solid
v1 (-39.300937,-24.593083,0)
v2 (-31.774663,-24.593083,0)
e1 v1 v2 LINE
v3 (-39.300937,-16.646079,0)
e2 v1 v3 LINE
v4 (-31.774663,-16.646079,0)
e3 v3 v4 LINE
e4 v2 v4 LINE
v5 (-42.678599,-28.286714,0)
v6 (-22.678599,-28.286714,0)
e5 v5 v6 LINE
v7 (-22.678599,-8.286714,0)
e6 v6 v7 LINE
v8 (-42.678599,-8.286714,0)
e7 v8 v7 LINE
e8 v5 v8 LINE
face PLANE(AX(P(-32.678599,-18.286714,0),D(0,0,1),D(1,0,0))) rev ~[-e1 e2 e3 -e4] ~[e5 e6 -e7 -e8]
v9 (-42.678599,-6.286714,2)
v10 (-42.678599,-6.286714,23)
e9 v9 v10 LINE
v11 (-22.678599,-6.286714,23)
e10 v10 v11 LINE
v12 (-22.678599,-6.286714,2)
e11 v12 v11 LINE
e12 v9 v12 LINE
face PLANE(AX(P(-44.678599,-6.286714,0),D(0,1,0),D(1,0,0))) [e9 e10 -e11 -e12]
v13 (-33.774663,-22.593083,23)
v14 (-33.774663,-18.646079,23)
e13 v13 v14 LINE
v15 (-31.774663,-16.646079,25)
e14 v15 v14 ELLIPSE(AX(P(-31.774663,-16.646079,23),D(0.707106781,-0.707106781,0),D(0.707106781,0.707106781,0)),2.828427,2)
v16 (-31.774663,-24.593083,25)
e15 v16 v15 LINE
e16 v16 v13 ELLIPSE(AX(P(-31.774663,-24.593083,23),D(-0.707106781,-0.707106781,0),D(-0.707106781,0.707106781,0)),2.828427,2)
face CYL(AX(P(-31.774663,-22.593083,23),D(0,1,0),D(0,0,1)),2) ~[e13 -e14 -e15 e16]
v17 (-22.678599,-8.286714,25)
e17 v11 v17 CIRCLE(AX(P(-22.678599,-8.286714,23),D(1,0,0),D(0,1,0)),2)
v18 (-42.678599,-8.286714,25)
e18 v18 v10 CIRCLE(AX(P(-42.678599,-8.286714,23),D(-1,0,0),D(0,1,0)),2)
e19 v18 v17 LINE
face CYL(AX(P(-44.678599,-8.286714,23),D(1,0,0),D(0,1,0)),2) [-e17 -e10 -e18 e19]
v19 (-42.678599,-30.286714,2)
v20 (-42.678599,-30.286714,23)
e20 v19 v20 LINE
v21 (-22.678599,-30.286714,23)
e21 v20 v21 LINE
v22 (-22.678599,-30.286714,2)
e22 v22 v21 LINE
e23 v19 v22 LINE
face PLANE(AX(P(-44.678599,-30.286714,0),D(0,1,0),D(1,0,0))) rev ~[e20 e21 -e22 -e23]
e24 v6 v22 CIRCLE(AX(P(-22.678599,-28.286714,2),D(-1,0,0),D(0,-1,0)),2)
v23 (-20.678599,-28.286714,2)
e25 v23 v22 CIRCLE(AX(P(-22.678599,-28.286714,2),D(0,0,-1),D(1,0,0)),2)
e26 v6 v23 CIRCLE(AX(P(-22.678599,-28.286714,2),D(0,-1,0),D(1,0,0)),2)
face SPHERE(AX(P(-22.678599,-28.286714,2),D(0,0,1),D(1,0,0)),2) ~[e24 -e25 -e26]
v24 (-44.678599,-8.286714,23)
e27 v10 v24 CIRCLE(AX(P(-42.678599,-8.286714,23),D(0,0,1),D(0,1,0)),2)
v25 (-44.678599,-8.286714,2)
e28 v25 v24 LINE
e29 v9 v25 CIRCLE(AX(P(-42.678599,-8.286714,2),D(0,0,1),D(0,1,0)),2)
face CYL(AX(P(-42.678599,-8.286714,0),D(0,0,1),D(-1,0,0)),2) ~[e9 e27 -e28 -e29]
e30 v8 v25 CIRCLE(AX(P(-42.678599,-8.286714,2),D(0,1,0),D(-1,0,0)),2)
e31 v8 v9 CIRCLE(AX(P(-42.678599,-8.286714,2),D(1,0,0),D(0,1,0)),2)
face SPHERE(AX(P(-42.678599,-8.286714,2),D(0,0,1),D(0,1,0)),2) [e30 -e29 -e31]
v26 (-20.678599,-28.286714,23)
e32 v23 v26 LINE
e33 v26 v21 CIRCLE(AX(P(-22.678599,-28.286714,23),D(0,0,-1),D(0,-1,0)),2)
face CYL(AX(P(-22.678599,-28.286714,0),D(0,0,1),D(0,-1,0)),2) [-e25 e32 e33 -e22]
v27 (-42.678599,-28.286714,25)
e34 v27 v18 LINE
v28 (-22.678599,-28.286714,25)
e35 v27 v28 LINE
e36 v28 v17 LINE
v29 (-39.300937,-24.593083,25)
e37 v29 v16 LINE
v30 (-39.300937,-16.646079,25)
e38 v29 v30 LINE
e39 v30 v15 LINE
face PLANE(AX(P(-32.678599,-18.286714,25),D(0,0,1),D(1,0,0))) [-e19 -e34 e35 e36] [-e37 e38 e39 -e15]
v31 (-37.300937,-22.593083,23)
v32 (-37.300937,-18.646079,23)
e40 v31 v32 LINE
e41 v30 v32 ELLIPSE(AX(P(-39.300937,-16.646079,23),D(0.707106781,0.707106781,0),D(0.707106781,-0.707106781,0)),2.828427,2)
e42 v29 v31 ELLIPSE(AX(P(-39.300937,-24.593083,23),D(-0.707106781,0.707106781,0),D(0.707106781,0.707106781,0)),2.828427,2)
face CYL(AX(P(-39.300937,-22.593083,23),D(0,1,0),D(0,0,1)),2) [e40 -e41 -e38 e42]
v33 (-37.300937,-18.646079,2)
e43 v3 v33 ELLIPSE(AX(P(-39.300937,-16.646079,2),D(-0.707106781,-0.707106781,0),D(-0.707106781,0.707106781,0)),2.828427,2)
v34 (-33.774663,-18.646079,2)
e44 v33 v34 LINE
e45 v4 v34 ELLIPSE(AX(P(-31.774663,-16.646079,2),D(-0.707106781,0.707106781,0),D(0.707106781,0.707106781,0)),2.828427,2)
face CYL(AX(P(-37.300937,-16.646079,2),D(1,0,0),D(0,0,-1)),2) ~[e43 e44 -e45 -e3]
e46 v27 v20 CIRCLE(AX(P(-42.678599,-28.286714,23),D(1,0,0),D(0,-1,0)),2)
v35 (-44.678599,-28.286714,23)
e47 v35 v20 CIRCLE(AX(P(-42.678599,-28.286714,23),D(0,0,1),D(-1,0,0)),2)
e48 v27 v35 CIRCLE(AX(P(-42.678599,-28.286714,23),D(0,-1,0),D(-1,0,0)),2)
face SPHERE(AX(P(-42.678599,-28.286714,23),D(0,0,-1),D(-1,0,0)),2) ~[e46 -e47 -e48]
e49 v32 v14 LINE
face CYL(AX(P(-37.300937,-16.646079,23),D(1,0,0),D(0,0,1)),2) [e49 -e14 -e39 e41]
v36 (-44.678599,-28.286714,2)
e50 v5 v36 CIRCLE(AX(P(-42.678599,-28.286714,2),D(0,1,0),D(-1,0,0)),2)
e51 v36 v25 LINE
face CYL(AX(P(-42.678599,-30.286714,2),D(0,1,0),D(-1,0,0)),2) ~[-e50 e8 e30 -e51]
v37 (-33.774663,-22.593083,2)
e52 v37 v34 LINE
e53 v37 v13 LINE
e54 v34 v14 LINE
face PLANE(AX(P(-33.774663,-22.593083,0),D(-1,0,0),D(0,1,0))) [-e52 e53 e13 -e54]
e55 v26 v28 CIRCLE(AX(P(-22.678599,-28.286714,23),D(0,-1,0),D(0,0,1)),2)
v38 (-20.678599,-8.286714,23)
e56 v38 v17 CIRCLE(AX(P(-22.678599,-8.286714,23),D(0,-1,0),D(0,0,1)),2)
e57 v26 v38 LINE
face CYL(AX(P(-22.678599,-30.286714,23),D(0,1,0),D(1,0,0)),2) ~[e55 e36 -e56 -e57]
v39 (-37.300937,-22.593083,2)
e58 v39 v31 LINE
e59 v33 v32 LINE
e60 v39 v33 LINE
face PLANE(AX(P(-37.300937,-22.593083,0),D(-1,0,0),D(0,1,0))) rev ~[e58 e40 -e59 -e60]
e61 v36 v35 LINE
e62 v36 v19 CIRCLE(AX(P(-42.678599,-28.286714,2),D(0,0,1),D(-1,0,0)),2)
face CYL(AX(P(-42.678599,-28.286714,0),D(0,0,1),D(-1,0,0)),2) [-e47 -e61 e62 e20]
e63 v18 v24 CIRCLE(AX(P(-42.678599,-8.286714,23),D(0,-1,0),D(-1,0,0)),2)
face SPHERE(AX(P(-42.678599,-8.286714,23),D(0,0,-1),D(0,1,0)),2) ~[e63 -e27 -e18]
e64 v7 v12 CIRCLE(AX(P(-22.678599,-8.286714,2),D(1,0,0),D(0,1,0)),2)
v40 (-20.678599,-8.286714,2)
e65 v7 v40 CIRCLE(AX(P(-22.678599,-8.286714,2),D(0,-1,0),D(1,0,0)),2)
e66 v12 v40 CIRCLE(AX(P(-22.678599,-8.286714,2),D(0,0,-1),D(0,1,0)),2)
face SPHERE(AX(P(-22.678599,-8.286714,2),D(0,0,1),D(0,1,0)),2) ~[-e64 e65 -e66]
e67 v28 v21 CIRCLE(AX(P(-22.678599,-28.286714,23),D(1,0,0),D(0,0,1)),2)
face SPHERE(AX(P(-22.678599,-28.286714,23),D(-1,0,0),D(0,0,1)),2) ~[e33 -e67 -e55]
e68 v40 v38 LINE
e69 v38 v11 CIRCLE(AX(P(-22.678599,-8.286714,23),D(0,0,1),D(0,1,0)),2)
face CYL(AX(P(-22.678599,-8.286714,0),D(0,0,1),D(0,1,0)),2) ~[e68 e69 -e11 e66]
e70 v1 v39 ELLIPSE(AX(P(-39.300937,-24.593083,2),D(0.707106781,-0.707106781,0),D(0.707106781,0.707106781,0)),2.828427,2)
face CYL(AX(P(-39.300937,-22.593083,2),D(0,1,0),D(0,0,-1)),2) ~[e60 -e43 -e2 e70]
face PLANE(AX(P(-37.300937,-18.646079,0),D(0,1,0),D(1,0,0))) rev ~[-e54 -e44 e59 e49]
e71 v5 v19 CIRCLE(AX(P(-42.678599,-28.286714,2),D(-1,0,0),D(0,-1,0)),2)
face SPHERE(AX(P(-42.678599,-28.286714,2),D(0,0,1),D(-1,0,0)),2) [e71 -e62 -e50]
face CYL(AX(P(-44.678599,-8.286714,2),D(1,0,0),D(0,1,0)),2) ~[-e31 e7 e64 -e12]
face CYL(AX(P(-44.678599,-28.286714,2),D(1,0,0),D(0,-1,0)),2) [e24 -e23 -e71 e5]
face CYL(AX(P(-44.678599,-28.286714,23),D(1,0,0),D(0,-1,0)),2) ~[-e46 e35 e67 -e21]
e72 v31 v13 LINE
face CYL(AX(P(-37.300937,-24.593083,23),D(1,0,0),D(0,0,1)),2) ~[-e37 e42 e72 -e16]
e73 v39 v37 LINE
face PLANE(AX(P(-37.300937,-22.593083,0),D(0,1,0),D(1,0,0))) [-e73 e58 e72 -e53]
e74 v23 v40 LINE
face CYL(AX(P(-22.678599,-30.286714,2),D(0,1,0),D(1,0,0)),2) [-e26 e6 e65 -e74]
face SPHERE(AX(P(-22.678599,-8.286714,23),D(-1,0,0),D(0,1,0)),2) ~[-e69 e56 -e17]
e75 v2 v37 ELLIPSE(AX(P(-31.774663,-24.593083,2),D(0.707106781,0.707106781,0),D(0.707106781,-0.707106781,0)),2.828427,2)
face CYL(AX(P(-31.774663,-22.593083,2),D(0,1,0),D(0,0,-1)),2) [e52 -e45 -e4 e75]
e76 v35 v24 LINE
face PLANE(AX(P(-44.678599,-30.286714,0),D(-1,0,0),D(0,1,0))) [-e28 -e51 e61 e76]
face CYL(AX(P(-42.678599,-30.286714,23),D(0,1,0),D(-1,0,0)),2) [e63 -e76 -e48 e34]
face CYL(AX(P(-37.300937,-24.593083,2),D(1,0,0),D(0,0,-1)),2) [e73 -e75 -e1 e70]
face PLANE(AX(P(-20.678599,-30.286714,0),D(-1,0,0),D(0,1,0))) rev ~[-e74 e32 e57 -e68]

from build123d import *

# Parameters (mm, degrees)
F0_W     = 24
F0_H     = 24
F0_W_2   = 3.526274
F0_H_2   = 3.947003
F1_DEPTH = 25
F2_R     = 2
F3_R     = 2


with BuildPart() as f1:
    # F0 (on Top) → F1 (new body)
    with BuildSketch(Plane.XY):
        with Locations((-32.678599, -18.286714)):
            Rectangle(F0_W, F0_H)
        with Locations((-35.5378, -20.619581)):
            Rectangle(F0_W_2, F0_H_2, mode=Mode.SUBTRACT)
    extrude(amount=F1_DEPTH)

    # F2
    f2_edges = [f1.edges().sort_by_distance(p)[0] for p in [
        (-44.678599, -6.286714, 12.5),
        (-32.678599, -6.286714, 25),
        (-20.678599, -6.286714, 12.5),
        (-32.678599, -6.286714, 0),
        (-44.678599, -30.286714, 12.5),
        (-44.678599, -18.286714, 0),
        (-44.678599, -18.286714, 25),
        (-32.678599, -30.286714, 25),
        (-20.678599, -18.286714, 25),
        (-20.678599, -30.286714, 12.5),
        (-20.678599, -18.286714, 0),
        (-32.678599, -30.286714, 0),
    ]]
    fillet(f2_edges, radius=F2_R)

    # F3
    f3_edges = [f1.edges().sort_by_distance(p)[0] for p in [
        (-33.774663, -20.619581, 25),
        (-35.5378, -22.593083, 0),
        (-35.5378, -18.64608, 25),
        (-37.300937, -20.619581, 25),
        (-35.5378, -22.593083, 25),
        (-37.300937, -20.619581, 0),
        (-35.5378, -18.64608, 0),
        (-33.774663, -20.619581, 0),
    ]]
    fillet(f3_edges, radius=F3_R)


solid = f1.part
